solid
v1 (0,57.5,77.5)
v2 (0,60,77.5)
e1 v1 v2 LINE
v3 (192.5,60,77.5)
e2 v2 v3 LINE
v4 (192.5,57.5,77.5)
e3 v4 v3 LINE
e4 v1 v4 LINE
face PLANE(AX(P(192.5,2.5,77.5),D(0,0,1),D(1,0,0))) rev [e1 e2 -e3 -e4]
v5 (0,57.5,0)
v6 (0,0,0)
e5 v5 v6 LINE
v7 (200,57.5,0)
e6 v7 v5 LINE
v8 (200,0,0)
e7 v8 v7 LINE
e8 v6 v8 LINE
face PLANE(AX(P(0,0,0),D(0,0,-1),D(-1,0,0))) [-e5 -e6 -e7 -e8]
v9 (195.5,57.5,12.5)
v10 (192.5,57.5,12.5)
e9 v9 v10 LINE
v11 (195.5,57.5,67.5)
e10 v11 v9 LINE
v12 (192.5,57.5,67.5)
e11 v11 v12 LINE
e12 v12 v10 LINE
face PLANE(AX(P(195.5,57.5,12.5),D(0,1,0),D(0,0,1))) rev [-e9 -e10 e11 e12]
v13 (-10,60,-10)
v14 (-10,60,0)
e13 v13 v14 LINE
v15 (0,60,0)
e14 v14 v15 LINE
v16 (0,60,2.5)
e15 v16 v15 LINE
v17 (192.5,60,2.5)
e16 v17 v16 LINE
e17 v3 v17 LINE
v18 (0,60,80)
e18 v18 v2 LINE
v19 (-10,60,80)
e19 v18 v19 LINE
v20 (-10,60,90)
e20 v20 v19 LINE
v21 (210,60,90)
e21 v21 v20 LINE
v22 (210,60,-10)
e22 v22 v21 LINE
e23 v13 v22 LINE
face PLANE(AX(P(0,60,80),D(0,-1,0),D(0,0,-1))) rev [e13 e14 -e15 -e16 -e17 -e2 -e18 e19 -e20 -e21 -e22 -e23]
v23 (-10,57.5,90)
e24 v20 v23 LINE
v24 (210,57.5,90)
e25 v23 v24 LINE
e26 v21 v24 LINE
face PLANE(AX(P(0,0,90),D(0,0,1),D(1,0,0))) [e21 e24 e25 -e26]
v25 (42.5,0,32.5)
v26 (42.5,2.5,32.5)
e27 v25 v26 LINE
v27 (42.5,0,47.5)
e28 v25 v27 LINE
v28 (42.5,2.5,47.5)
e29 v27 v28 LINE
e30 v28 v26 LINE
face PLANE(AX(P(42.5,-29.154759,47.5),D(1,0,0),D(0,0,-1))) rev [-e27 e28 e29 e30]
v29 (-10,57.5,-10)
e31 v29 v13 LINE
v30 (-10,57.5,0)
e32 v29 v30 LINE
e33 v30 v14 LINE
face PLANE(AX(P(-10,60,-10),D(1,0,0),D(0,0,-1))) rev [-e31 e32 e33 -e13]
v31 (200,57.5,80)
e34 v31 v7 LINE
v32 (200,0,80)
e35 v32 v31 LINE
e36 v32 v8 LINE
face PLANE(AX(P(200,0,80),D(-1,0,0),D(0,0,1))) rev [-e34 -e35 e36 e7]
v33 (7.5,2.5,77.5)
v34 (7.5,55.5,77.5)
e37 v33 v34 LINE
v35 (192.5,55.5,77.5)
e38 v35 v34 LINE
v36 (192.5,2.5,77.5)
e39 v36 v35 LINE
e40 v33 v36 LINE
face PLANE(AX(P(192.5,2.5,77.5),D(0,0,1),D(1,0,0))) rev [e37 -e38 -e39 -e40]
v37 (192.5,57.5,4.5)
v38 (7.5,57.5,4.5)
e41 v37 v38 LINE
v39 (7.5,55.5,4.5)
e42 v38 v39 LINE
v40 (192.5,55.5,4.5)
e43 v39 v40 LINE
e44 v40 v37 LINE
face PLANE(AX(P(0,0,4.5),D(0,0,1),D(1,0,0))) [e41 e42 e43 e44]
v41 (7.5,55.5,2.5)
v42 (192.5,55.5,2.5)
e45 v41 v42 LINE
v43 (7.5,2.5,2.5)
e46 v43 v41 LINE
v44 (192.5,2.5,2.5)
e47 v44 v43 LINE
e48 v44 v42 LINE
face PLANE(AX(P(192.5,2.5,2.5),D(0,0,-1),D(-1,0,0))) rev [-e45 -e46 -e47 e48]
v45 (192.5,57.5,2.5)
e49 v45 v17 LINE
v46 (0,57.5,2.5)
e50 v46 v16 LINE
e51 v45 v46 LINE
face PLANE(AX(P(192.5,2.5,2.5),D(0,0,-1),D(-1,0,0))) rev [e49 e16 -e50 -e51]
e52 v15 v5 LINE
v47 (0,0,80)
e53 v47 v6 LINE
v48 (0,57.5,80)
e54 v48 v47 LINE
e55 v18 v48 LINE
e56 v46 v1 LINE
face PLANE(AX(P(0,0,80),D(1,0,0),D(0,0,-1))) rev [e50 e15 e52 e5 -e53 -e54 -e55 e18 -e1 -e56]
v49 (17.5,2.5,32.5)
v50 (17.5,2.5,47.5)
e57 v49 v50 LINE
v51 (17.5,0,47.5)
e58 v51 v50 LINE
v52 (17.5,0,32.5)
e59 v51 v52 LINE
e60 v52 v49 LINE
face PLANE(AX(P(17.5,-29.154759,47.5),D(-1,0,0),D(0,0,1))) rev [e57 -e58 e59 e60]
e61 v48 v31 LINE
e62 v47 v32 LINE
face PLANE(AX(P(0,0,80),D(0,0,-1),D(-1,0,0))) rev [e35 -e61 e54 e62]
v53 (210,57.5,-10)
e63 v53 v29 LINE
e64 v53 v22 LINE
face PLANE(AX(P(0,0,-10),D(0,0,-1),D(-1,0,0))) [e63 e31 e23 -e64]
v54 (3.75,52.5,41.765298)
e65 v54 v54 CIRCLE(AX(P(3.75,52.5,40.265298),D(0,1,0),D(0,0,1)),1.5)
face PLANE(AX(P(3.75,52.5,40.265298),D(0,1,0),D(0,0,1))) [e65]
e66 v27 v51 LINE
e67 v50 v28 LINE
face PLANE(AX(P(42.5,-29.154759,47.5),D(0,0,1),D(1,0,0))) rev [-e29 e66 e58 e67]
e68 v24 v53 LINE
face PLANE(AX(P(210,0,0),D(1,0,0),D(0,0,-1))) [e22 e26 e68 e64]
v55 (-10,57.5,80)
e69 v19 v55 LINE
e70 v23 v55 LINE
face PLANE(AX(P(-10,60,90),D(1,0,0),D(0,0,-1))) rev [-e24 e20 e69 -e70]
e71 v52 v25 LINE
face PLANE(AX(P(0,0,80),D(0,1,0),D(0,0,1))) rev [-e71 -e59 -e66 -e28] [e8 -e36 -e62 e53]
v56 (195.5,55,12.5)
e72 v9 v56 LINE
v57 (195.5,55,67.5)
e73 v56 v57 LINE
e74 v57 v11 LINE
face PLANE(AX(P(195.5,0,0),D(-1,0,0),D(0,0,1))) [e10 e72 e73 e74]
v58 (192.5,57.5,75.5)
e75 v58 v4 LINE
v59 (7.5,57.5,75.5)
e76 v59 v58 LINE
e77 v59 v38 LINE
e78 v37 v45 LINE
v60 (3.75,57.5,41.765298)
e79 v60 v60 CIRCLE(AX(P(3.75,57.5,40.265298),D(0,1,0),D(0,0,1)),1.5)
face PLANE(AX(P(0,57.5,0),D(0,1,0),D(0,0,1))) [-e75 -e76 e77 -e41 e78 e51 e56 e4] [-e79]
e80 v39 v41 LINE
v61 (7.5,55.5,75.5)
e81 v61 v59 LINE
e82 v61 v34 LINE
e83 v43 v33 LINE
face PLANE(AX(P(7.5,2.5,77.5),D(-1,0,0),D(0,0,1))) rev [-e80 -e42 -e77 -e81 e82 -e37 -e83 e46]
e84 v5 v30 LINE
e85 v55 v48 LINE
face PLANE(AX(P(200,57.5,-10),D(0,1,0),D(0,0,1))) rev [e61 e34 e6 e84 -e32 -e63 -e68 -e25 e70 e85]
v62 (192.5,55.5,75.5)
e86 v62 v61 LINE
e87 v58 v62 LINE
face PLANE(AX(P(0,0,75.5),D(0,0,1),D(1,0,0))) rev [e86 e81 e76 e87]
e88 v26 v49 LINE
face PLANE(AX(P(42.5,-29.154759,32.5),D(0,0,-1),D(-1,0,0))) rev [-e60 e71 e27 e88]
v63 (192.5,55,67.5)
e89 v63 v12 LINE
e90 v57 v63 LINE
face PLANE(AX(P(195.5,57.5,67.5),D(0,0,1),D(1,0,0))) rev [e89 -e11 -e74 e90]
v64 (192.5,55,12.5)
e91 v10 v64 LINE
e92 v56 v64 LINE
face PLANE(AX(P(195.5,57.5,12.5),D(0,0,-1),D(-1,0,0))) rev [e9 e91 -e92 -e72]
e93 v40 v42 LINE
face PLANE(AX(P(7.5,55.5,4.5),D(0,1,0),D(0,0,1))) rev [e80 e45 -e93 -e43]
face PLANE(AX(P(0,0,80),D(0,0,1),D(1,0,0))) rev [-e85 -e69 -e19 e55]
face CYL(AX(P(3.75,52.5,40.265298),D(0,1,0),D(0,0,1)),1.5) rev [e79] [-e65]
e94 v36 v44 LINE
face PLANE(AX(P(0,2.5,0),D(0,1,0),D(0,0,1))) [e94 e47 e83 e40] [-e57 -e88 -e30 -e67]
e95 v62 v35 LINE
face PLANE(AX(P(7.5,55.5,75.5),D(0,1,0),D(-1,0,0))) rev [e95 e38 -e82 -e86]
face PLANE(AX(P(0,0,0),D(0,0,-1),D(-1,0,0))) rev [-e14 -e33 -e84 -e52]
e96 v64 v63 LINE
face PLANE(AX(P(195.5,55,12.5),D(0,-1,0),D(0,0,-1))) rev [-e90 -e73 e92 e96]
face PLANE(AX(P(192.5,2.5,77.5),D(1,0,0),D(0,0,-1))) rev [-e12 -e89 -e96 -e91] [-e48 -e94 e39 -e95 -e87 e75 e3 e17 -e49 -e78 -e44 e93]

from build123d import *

# Parameters (mm, degrees)
SKETCH1_W            = 200
SKETCH1_H            = 60
BOSS_EXTRUDE1_DEPTH  = 80
SKETCH2_W            = 185
SKETCH2_H            = 75
CUT_EXTRUDE1_DEPTH   = 57.5
SKETCH3_W            = 7.5
SKETCH3_H            = 75
CUT_EXTRUDE2_DEPTH   = 2.5
SKETCH4_W            = 210
SKETCH4_H            = 2.5
BOSS_EXTRUDE7_DEPTH  = 10
SKETCH9_W            = 210
SKETCH9_H            = 2.5
BOSS_EXTRUDE8_DEPTH  = 10
SKETCH10_W           = 100
SKETCH10_H           = 2.5
BOSS_EXTRUDE9_DEPTH  = 10
SKETCH11_R           = 1.5
CUT_EXTRUDE3_DEPTH   = 5
SKETCH12_W           = 185
SKETCH12_H           = 2
BOSS_EXTRUDE11_DEPTH = 2
SKETCH13_W           = 185
SKETCH13_H           = 2
BOSS_EXTRUDE12_DEPTH = 2
SKETCH14_W           = 55
SKETCH14_H           = 2.5
CUT_EXTRUDE4_DEPTH   = 3
SKETCH15_W           = 25
SKETCH15_H           = 15
CUT_EXTRUDE5_DEPTH   = 2.5


with BuildPart() as part:
    # Sketch1 → Boss-Extrude1 (new body)
    with BuildSketch(Plane.XY):
        with Locations((100, 30)):
            Rectangle(SKETCH1_W, SKETCH1_H)
    extrude(amount=BOSS_EXTRUDE1_DEPTH)

    # Sketch2 → Cut-Extrude1 (cut)
    with BuildSketch(Plane(origin=(0, 60, 0), x_dir=(1, 0, 0), z_dir=(0, 1, 0))):
        with Locations((100, -40)):
            Rectangle(SKETCH2_W, SKETCH2_H)
    extrude(amount=-CUT_EXTRUDE1_DEPTH, mode=Mode.SUBTRACT)

    # Sketch3 → Cut-Extrude2 (cut)
    with BuildSketch(Plane(origin=(0, 60, 0), x_dir=(1, 0, 0), z_dir=(0, 1, 0))):
        with Locations((3.75, -40)):
            Rectangle(SKETCH3_W, SKETCH3_H)
    extrude(amount=-CUT_EXTRUDE2_DEPTH, mode=Mode.SUBTRACT)

    # Sketch4 → Boss-Extrude7 (add)
    with BuildSketch(Plane(origin=(0, 0, 0), x_dir=(-1, 0, 0), z_dir=(0, 0, -1))):
        with Locations((-95, 58.75)):
            Rectangle(SKETCH4_W, SKETCH4_H)
    extrude(amount=BOSS_EXTRUDE7_DEPTH)

    # Sketch9 → Boss-Extrude8 (add)
    with BuildSketch(Plane.XY.offset(80)):
        with Locations((95, 58.75)):
            Rectangle(SKETCH9_W, SKETCH9_H)
    extrude(amount=BOSS_EXTRUDE8_DEPTH)

    # Sketch10 → Boss-Extrude9 (add)
    with BuildSketch(Plane(origin=(200, 0, 0), x_dir=(0, 0, -1), z_dir=(1, 0, 0))):
        with Locations((-40, 58.75)):
            Rectangle(SKETCH10_W, SKETCH10_H)
    extrude(amount=BOSS_EXTRUDE9_DEPTH)

    # Sketch11 → Cut-Extrude3 (cut)
    with BuildSketch(Plane(origin=(0, 57.5, 0), x_dir=(1, 0, 0), z_dir=(0, 1, 0))):
        with Locations((3.75, -40.265298021)):
            Circle(SKETCH11_R)
    extrude(amount=-CUT_EXTRUDE3_DEPTH, mode=Mode.SUBTRACT)

    # Sketch12 → Boss-Extrude11 (add)
    with BuildSketch(Plane(origin=(0, 0, 77.5), x_dir=(-1, 0, 0), z_dir=(0, 0, -1))):
        with Locations((-100, 56.5)):
            Rectangle(SKETCH12_W, SKETCH12_H)
    extrude(amount=BOSS_EXTRUDE11_DEPTH)

    # Sketch13 → Boss-Extrude12 (add)
    with BuildSketch(Plane.XY.offset(2.5)):
        with Locations((100, 56.5)):
            Rectangle(SKETCH13_W, SKETCH13_H)
    extrude(amount=BOSS_EXTRUDE12_DEPTH)

    # Sketch14 → Cut-Extrude4 (cut)
    with BuildSketch(Plane.ZY.offset(-192.5)):
        with Locations((40, 56.25)):
            Rectangle(SKETCH14_W, SKETCH14_H)
    extrude(amount=-CUT_EXTRUDE4_DEPTH, mode=Mode.SUBTRACT)

    # Sketch15 → Cut-Extrude5 (cut)
    with BuildSketch(Plane(origin=(0, 2.5, 0), x_dir=(1, 0, 0), z_dir=(0, 1, 0))):
        with Locations((30, -40)):
            Rectangle(SKETCH15_W, SKETCH15_H)
    extrude(amount=-CUT_EXTRUDE5_DEPTH, mode=Mode.SUBTRACT)


solid = part.part
